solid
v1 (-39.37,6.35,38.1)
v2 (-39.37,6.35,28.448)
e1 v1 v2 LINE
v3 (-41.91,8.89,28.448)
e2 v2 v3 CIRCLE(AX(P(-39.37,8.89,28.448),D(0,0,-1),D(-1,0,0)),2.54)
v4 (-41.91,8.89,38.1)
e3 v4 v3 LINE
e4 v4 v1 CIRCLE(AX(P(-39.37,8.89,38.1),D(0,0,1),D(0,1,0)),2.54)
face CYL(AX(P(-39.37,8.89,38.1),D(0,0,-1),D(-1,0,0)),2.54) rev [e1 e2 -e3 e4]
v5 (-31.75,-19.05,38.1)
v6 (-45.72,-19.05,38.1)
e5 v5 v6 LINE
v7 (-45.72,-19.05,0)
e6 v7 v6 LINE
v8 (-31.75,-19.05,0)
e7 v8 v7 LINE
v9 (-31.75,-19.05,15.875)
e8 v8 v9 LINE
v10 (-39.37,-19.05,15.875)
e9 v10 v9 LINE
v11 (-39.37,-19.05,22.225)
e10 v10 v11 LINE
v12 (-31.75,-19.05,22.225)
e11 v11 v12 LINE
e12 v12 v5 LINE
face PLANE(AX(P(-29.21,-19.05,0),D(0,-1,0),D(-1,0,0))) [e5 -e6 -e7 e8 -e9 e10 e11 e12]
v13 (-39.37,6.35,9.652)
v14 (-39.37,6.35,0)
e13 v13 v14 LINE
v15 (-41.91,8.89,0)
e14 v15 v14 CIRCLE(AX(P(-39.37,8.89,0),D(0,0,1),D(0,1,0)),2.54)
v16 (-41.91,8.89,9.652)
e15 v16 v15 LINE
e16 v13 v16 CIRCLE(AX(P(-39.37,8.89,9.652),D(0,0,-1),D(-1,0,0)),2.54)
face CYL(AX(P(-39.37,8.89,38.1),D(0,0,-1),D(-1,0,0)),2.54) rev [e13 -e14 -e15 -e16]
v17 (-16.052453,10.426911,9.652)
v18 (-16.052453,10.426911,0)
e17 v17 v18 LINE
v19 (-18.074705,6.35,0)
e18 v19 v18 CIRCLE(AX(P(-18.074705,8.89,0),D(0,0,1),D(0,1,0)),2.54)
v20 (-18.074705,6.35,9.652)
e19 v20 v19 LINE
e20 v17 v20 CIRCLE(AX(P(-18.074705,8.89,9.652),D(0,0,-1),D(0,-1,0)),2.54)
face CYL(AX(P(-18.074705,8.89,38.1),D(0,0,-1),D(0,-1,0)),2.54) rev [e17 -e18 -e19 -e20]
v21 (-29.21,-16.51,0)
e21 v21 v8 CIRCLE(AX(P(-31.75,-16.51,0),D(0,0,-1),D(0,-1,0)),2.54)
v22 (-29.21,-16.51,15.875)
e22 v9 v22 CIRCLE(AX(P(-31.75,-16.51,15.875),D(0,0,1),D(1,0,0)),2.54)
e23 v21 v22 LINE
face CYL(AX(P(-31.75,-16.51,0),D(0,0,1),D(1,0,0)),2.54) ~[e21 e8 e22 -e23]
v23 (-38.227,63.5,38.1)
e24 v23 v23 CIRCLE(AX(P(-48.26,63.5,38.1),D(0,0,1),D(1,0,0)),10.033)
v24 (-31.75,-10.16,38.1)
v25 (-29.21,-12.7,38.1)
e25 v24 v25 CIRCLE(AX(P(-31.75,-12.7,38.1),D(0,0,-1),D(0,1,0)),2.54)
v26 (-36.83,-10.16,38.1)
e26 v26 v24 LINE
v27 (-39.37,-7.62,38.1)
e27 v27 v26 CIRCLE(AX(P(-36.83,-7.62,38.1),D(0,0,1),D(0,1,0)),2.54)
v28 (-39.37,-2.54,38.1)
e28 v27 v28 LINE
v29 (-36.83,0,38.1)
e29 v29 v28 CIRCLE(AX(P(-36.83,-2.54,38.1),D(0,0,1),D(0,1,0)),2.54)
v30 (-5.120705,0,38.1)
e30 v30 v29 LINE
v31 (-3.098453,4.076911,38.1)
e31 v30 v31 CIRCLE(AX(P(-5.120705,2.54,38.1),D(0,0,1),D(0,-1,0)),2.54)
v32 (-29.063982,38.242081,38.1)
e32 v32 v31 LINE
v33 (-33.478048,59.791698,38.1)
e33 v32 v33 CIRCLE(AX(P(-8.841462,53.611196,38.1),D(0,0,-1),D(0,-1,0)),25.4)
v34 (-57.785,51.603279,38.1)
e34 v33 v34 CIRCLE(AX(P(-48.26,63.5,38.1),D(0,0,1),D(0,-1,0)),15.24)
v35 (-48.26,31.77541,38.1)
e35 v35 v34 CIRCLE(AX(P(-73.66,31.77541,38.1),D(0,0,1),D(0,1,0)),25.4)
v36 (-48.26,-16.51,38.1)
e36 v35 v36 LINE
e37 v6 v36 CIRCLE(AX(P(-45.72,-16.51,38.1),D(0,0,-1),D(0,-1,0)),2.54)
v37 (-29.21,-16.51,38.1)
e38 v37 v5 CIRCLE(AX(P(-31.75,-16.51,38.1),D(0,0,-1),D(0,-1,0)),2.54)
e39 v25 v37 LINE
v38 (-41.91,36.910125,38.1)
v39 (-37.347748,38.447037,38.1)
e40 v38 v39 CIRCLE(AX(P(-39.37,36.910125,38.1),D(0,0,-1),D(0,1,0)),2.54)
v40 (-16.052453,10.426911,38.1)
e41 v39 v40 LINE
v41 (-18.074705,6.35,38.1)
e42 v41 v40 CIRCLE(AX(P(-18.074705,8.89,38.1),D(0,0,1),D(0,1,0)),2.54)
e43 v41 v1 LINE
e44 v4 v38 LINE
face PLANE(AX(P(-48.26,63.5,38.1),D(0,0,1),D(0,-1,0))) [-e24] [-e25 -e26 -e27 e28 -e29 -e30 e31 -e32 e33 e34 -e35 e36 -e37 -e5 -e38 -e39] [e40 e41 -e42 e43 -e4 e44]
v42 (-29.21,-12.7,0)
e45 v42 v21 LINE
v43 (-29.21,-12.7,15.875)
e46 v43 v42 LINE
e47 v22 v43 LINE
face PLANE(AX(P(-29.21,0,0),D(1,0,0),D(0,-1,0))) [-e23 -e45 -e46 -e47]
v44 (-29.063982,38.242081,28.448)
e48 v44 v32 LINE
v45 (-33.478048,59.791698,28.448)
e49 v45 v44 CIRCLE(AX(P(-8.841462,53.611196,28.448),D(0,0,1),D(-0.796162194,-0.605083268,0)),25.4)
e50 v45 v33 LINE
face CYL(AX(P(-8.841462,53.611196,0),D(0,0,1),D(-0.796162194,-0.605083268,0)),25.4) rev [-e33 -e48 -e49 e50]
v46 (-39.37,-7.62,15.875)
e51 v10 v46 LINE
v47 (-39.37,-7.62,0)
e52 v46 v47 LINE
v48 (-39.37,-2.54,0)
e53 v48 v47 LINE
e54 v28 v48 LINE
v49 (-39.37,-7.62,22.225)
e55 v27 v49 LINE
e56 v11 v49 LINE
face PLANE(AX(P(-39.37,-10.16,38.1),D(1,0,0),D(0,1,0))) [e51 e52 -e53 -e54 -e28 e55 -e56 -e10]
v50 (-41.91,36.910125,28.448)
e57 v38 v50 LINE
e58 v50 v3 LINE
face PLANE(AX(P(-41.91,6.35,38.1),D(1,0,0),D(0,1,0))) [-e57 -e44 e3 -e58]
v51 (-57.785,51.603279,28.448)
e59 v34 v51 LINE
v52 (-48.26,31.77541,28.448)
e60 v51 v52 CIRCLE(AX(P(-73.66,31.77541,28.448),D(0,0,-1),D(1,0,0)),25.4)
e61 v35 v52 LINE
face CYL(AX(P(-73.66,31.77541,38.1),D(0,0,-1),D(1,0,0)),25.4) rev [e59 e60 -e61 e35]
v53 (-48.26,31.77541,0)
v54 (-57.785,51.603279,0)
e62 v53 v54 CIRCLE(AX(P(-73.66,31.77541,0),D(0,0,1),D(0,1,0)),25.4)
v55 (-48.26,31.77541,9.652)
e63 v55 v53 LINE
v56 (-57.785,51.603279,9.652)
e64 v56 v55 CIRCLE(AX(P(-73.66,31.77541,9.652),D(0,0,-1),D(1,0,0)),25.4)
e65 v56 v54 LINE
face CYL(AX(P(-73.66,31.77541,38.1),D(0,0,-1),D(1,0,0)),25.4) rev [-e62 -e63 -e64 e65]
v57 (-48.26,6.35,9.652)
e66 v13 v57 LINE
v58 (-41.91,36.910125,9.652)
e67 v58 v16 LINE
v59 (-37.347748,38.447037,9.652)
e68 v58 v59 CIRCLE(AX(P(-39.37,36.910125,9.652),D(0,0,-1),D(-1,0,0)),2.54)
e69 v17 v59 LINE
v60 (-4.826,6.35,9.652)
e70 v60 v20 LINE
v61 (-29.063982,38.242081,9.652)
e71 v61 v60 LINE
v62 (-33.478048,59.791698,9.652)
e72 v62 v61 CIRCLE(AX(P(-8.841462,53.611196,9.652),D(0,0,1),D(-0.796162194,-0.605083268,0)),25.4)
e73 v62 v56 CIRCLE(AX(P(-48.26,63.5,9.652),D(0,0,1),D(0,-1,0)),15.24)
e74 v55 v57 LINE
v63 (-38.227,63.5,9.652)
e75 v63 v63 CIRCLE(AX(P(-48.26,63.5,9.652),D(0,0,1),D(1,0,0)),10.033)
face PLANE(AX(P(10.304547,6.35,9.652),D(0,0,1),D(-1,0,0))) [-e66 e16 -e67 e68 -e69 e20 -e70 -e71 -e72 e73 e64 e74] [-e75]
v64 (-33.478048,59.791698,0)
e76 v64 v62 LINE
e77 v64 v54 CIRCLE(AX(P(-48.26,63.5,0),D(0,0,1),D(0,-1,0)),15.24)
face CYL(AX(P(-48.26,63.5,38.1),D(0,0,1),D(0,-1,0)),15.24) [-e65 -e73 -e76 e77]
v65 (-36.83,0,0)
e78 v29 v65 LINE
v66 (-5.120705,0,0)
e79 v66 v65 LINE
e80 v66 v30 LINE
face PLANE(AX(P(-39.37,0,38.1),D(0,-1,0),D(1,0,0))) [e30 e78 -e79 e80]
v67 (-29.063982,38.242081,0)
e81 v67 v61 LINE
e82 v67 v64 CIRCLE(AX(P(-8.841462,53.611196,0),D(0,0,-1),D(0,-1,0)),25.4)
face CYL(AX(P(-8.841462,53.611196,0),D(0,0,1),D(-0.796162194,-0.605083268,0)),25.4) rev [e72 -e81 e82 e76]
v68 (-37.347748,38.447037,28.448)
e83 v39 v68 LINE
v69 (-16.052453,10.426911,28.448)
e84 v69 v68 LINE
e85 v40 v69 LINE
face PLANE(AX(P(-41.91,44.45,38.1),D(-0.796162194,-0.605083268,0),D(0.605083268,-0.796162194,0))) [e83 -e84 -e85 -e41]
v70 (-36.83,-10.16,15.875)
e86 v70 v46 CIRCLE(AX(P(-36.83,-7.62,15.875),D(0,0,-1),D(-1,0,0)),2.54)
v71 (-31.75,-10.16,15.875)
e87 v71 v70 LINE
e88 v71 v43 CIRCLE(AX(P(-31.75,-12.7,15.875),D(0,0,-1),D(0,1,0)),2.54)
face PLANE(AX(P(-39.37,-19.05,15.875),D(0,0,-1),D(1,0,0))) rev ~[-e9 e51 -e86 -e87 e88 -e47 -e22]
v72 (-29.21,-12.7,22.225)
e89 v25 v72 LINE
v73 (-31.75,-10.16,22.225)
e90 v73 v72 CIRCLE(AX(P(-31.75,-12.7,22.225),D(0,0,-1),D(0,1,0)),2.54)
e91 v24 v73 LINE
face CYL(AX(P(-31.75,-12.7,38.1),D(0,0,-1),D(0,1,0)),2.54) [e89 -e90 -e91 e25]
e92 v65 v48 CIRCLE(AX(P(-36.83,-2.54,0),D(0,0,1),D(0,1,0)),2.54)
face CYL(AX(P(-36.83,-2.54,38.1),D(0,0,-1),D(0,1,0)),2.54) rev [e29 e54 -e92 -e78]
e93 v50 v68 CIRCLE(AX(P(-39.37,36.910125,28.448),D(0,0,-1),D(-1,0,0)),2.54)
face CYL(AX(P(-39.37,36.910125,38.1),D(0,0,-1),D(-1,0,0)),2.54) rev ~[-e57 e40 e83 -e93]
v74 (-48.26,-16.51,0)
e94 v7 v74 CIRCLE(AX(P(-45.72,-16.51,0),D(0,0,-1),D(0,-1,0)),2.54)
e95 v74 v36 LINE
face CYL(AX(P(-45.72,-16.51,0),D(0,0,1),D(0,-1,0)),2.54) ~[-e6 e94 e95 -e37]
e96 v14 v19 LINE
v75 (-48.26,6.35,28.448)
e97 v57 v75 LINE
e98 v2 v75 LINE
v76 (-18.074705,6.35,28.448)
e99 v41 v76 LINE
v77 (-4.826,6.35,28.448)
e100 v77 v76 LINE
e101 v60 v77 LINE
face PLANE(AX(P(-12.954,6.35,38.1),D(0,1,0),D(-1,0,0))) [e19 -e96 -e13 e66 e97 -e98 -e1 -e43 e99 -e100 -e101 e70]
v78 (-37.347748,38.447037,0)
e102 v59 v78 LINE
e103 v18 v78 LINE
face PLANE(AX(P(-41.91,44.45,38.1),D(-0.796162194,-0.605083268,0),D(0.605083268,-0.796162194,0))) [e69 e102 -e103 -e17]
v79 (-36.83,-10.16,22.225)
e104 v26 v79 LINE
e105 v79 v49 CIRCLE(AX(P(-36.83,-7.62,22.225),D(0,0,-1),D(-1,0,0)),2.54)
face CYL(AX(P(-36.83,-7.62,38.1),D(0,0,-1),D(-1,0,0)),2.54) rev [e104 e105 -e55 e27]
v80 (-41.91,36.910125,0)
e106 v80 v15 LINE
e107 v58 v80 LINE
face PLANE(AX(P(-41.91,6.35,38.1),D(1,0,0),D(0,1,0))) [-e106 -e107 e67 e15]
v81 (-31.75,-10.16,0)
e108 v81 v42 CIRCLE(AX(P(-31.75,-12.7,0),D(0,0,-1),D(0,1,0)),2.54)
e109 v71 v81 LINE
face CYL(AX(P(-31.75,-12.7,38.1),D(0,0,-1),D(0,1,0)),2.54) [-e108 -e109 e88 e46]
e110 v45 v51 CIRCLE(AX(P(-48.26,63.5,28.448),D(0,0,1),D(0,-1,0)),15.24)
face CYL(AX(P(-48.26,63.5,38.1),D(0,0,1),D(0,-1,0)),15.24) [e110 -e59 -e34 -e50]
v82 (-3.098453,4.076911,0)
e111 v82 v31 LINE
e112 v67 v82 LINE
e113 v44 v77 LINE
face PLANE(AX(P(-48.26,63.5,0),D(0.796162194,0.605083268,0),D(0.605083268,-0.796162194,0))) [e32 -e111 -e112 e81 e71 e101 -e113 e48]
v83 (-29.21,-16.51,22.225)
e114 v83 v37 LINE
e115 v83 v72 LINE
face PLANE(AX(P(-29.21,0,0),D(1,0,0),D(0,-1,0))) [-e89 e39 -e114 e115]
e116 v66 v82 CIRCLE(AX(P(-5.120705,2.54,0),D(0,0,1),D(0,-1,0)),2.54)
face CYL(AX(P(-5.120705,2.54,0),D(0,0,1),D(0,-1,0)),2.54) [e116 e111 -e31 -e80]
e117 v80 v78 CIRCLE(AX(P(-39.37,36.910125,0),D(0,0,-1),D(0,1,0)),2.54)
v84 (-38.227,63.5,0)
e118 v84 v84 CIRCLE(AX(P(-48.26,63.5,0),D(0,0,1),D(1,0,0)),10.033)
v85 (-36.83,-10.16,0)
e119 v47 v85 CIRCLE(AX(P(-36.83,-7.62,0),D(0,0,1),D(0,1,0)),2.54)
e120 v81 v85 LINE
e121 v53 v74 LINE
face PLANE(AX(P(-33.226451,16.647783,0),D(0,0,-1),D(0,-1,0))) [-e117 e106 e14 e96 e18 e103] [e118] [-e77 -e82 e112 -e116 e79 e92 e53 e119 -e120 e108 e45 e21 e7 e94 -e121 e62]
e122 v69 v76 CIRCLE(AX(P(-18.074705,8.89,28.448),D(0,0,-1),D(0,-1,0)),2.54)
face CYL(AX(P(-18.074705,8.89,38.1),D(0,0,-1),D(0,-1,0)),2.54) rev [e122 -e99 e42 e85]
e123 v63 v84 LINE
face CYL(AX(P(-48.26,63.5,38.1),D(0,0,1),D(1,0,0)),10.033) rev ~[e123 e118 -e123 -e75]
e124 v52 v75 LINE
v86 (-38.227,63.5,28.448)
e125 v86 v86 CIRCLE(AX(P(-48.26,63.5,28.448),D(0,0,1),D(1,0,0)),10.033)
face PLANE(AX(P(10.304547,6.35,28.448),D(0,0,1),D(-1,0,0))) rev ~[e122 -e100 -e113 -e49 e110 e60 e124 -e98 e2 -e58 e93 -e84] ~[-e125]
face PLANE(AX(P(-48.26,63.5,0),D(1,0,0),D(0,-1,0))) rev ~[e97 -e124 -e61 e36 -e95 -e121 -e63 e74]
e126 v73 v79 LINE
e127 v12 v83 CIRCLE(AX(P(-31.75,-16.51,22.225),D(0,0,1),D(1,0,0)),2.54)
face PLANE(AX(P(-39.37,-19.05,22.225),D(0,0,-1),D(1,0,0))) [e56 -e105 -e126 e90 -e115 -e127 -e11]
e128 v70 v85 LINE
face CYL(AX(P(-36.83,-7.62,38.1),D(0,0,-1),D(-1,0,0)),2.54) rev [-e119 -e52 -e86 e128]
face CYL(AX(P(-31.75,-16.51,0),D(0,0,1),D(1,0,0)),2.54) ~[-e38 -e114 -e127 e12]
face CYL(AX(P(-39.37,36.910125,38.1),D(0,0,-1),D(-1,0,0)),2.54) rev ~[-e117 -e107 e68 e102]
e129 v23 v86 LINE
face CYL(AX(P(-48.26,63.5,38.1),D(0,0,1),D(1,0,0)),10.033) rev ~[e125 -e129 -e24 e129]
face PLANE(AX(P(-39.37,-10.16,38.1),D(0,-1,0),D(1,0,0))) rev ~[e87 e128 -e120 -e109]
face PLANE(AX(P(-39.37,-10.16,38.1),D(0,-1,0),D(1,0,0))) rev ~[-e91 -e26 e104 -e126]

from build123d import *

# Parameters (mm, degrees)
BOSS_EXTRUDE1_DEPTH = 38.1
SKETCH2_R           = 15.24
BOSS_EXTRUDE2_DEPTH = 38.1
SKETCH3_R           = 10.033
SKETCH3_W           = 10.16
SKETCH3_H           = 10.16
CUT_EXTRUDE1_DEPTH  = 109.091847981
FILLET9_R           = 25.4
FILLET14_R          = 2.54
FILLET15_R          = 2.54
FILLET16_R          = 2.54
FILLET17_R          = 2.54
CUT_EXTRUDE2_REACH  = 124.665
SKETCH4_W           = 10.16
SKETCH4_H           = 6.35
SKETCH6_W           = 76.2
SKETCH6_H           = 18.796
CUT_EXTRUDE3_DEPTH  = 104.55757867


with BuildPart() as part:
    # Sketch1 → Boss-Extrude1 (new body)
    with BuildSketch(Plane(origin=(0, 0, 0), x_dir=(0, 1, 0), z_dir=(0, 0, 1))):
        Polygon((0, 48.26), (63.5, 48.26), (0, 0), (0, 29.21), (-19.05, 29.21), (-19.05, 48.26), align=None)
    extrude(amount=BOSS_EXTRUDE1_DEPTH)

    # Sketch2 → Boss-Extrude2 (add)
    with BuildSketch(Plane(origin=(0, 0, 38.1), x_dir=(0, -1, 0), z_dir=(0, 0, 1))):
        with Locations((-63.5, -48.26)):
            Circle(SKETCH2_R)
    extrude(amount=-BOSS_EXTRUDE2_DEPTH)

    # Sketch3 → Cut-Extrude1 (cut, through all)
    with BuildSketch(Plane.XY.offset(38.1)):
        with Locations((-48.26, 63.5)):
            Circle(SKETCH3_R)
        with Locations((-34.29, -5.08)):
            Rectangle(SKETCH3_W, SKETCH3_H)
        Polygon((-12.954, 6.35), (-41.91, 6.35), (-41.91, 44.45), align=None)
    extrude(amount=-CUT_EXTRUDE1_DEPTH, mode=Mode.SUBTRACT)

    # Fillet9
    fillet9_edges = [part.edges().sort_by_distance(p)[0] for p in [
        (-39.038531003, 51.366488162, 19.05),
        (-48.26, 48.26, 19.05),
    ]]
    fillet(fillet9_edges, radius=FILLET9_R)

    # Fillet14
    fillet14_edges = [part.edges().sort_by_distance(p)[0] for p in [
        (-41.91, 44.45, 19.05),
        (-12.954, 6.35, 19.05),
        (-41.91, 6.35, 19.05),
    ]]
    fillet(fillet14_edges, radius=FILLET14_R)

    # Fillet15
    fillet15_edges = [part.edges().sort_by_distance(p)[0] for p in [
        (-39.37, -10.16, 19.05),
        (-39.37, 0, 19.05),
    ]]
    fillet(fillet15_edges, radius=FILLET15_R)

    # Fillet16
    fillet16_edges = [part.edges().sort_by_distance(p)[0] for p in [
        (-29.21, -10.16, 19.05),
    ]]
    fillet(fillet16_edges, radius=FILLET16_R)

    # Fillet17
    fillet17_edges = [part.edges().sort_by_distance(p)[0] for p in [
        (-29.21, -19.05, 19.05),
        (-48.26, -19.05, 19.05),
        (0, 0, 19.05),
    ]]
    fillet(fillet17_edges, radius=FILLET17_R)

    # Sketch4 → Cut-Extrude2 (cut, up to next)
    with BuildSketch(Plane.XZ.offset(19.05), mode=Mode.PRIVATE) as cut_extrude2_sk1:
        with Locations((-34.29, 19.05)):
            Rectangle(SKETCH4_W, SKETCH4_H)
    cut_extrude2_tool1 = extrude(cut_extrude2_sk1.sketch, amount=-CUT_EXTRUDE2_REACH, mode=Mode.PRIVATE) & part.part
    add(cut_extrude2_tool1.solids().sort_by_distance((-34.29, -19.05, 19.05))[0], mode=Mode.SUBTRACT)

    # Sketch6 → Cut-Extrude3 (cut, through all)
    with BuildSketch(Plane(origin=(0, 6.35, 0), x_dir=(-1, 0, 0), z_dir=(0, 1, 0))):
        with Locations((27.795452673, 19.05)):
            Rectangle(SKETCH6_W, SKETCH6_H)
    extrude(amount=CUT_EXTRUDE3_DEPTH, mode=Mode.SUBTRACT)


solid = part.part
